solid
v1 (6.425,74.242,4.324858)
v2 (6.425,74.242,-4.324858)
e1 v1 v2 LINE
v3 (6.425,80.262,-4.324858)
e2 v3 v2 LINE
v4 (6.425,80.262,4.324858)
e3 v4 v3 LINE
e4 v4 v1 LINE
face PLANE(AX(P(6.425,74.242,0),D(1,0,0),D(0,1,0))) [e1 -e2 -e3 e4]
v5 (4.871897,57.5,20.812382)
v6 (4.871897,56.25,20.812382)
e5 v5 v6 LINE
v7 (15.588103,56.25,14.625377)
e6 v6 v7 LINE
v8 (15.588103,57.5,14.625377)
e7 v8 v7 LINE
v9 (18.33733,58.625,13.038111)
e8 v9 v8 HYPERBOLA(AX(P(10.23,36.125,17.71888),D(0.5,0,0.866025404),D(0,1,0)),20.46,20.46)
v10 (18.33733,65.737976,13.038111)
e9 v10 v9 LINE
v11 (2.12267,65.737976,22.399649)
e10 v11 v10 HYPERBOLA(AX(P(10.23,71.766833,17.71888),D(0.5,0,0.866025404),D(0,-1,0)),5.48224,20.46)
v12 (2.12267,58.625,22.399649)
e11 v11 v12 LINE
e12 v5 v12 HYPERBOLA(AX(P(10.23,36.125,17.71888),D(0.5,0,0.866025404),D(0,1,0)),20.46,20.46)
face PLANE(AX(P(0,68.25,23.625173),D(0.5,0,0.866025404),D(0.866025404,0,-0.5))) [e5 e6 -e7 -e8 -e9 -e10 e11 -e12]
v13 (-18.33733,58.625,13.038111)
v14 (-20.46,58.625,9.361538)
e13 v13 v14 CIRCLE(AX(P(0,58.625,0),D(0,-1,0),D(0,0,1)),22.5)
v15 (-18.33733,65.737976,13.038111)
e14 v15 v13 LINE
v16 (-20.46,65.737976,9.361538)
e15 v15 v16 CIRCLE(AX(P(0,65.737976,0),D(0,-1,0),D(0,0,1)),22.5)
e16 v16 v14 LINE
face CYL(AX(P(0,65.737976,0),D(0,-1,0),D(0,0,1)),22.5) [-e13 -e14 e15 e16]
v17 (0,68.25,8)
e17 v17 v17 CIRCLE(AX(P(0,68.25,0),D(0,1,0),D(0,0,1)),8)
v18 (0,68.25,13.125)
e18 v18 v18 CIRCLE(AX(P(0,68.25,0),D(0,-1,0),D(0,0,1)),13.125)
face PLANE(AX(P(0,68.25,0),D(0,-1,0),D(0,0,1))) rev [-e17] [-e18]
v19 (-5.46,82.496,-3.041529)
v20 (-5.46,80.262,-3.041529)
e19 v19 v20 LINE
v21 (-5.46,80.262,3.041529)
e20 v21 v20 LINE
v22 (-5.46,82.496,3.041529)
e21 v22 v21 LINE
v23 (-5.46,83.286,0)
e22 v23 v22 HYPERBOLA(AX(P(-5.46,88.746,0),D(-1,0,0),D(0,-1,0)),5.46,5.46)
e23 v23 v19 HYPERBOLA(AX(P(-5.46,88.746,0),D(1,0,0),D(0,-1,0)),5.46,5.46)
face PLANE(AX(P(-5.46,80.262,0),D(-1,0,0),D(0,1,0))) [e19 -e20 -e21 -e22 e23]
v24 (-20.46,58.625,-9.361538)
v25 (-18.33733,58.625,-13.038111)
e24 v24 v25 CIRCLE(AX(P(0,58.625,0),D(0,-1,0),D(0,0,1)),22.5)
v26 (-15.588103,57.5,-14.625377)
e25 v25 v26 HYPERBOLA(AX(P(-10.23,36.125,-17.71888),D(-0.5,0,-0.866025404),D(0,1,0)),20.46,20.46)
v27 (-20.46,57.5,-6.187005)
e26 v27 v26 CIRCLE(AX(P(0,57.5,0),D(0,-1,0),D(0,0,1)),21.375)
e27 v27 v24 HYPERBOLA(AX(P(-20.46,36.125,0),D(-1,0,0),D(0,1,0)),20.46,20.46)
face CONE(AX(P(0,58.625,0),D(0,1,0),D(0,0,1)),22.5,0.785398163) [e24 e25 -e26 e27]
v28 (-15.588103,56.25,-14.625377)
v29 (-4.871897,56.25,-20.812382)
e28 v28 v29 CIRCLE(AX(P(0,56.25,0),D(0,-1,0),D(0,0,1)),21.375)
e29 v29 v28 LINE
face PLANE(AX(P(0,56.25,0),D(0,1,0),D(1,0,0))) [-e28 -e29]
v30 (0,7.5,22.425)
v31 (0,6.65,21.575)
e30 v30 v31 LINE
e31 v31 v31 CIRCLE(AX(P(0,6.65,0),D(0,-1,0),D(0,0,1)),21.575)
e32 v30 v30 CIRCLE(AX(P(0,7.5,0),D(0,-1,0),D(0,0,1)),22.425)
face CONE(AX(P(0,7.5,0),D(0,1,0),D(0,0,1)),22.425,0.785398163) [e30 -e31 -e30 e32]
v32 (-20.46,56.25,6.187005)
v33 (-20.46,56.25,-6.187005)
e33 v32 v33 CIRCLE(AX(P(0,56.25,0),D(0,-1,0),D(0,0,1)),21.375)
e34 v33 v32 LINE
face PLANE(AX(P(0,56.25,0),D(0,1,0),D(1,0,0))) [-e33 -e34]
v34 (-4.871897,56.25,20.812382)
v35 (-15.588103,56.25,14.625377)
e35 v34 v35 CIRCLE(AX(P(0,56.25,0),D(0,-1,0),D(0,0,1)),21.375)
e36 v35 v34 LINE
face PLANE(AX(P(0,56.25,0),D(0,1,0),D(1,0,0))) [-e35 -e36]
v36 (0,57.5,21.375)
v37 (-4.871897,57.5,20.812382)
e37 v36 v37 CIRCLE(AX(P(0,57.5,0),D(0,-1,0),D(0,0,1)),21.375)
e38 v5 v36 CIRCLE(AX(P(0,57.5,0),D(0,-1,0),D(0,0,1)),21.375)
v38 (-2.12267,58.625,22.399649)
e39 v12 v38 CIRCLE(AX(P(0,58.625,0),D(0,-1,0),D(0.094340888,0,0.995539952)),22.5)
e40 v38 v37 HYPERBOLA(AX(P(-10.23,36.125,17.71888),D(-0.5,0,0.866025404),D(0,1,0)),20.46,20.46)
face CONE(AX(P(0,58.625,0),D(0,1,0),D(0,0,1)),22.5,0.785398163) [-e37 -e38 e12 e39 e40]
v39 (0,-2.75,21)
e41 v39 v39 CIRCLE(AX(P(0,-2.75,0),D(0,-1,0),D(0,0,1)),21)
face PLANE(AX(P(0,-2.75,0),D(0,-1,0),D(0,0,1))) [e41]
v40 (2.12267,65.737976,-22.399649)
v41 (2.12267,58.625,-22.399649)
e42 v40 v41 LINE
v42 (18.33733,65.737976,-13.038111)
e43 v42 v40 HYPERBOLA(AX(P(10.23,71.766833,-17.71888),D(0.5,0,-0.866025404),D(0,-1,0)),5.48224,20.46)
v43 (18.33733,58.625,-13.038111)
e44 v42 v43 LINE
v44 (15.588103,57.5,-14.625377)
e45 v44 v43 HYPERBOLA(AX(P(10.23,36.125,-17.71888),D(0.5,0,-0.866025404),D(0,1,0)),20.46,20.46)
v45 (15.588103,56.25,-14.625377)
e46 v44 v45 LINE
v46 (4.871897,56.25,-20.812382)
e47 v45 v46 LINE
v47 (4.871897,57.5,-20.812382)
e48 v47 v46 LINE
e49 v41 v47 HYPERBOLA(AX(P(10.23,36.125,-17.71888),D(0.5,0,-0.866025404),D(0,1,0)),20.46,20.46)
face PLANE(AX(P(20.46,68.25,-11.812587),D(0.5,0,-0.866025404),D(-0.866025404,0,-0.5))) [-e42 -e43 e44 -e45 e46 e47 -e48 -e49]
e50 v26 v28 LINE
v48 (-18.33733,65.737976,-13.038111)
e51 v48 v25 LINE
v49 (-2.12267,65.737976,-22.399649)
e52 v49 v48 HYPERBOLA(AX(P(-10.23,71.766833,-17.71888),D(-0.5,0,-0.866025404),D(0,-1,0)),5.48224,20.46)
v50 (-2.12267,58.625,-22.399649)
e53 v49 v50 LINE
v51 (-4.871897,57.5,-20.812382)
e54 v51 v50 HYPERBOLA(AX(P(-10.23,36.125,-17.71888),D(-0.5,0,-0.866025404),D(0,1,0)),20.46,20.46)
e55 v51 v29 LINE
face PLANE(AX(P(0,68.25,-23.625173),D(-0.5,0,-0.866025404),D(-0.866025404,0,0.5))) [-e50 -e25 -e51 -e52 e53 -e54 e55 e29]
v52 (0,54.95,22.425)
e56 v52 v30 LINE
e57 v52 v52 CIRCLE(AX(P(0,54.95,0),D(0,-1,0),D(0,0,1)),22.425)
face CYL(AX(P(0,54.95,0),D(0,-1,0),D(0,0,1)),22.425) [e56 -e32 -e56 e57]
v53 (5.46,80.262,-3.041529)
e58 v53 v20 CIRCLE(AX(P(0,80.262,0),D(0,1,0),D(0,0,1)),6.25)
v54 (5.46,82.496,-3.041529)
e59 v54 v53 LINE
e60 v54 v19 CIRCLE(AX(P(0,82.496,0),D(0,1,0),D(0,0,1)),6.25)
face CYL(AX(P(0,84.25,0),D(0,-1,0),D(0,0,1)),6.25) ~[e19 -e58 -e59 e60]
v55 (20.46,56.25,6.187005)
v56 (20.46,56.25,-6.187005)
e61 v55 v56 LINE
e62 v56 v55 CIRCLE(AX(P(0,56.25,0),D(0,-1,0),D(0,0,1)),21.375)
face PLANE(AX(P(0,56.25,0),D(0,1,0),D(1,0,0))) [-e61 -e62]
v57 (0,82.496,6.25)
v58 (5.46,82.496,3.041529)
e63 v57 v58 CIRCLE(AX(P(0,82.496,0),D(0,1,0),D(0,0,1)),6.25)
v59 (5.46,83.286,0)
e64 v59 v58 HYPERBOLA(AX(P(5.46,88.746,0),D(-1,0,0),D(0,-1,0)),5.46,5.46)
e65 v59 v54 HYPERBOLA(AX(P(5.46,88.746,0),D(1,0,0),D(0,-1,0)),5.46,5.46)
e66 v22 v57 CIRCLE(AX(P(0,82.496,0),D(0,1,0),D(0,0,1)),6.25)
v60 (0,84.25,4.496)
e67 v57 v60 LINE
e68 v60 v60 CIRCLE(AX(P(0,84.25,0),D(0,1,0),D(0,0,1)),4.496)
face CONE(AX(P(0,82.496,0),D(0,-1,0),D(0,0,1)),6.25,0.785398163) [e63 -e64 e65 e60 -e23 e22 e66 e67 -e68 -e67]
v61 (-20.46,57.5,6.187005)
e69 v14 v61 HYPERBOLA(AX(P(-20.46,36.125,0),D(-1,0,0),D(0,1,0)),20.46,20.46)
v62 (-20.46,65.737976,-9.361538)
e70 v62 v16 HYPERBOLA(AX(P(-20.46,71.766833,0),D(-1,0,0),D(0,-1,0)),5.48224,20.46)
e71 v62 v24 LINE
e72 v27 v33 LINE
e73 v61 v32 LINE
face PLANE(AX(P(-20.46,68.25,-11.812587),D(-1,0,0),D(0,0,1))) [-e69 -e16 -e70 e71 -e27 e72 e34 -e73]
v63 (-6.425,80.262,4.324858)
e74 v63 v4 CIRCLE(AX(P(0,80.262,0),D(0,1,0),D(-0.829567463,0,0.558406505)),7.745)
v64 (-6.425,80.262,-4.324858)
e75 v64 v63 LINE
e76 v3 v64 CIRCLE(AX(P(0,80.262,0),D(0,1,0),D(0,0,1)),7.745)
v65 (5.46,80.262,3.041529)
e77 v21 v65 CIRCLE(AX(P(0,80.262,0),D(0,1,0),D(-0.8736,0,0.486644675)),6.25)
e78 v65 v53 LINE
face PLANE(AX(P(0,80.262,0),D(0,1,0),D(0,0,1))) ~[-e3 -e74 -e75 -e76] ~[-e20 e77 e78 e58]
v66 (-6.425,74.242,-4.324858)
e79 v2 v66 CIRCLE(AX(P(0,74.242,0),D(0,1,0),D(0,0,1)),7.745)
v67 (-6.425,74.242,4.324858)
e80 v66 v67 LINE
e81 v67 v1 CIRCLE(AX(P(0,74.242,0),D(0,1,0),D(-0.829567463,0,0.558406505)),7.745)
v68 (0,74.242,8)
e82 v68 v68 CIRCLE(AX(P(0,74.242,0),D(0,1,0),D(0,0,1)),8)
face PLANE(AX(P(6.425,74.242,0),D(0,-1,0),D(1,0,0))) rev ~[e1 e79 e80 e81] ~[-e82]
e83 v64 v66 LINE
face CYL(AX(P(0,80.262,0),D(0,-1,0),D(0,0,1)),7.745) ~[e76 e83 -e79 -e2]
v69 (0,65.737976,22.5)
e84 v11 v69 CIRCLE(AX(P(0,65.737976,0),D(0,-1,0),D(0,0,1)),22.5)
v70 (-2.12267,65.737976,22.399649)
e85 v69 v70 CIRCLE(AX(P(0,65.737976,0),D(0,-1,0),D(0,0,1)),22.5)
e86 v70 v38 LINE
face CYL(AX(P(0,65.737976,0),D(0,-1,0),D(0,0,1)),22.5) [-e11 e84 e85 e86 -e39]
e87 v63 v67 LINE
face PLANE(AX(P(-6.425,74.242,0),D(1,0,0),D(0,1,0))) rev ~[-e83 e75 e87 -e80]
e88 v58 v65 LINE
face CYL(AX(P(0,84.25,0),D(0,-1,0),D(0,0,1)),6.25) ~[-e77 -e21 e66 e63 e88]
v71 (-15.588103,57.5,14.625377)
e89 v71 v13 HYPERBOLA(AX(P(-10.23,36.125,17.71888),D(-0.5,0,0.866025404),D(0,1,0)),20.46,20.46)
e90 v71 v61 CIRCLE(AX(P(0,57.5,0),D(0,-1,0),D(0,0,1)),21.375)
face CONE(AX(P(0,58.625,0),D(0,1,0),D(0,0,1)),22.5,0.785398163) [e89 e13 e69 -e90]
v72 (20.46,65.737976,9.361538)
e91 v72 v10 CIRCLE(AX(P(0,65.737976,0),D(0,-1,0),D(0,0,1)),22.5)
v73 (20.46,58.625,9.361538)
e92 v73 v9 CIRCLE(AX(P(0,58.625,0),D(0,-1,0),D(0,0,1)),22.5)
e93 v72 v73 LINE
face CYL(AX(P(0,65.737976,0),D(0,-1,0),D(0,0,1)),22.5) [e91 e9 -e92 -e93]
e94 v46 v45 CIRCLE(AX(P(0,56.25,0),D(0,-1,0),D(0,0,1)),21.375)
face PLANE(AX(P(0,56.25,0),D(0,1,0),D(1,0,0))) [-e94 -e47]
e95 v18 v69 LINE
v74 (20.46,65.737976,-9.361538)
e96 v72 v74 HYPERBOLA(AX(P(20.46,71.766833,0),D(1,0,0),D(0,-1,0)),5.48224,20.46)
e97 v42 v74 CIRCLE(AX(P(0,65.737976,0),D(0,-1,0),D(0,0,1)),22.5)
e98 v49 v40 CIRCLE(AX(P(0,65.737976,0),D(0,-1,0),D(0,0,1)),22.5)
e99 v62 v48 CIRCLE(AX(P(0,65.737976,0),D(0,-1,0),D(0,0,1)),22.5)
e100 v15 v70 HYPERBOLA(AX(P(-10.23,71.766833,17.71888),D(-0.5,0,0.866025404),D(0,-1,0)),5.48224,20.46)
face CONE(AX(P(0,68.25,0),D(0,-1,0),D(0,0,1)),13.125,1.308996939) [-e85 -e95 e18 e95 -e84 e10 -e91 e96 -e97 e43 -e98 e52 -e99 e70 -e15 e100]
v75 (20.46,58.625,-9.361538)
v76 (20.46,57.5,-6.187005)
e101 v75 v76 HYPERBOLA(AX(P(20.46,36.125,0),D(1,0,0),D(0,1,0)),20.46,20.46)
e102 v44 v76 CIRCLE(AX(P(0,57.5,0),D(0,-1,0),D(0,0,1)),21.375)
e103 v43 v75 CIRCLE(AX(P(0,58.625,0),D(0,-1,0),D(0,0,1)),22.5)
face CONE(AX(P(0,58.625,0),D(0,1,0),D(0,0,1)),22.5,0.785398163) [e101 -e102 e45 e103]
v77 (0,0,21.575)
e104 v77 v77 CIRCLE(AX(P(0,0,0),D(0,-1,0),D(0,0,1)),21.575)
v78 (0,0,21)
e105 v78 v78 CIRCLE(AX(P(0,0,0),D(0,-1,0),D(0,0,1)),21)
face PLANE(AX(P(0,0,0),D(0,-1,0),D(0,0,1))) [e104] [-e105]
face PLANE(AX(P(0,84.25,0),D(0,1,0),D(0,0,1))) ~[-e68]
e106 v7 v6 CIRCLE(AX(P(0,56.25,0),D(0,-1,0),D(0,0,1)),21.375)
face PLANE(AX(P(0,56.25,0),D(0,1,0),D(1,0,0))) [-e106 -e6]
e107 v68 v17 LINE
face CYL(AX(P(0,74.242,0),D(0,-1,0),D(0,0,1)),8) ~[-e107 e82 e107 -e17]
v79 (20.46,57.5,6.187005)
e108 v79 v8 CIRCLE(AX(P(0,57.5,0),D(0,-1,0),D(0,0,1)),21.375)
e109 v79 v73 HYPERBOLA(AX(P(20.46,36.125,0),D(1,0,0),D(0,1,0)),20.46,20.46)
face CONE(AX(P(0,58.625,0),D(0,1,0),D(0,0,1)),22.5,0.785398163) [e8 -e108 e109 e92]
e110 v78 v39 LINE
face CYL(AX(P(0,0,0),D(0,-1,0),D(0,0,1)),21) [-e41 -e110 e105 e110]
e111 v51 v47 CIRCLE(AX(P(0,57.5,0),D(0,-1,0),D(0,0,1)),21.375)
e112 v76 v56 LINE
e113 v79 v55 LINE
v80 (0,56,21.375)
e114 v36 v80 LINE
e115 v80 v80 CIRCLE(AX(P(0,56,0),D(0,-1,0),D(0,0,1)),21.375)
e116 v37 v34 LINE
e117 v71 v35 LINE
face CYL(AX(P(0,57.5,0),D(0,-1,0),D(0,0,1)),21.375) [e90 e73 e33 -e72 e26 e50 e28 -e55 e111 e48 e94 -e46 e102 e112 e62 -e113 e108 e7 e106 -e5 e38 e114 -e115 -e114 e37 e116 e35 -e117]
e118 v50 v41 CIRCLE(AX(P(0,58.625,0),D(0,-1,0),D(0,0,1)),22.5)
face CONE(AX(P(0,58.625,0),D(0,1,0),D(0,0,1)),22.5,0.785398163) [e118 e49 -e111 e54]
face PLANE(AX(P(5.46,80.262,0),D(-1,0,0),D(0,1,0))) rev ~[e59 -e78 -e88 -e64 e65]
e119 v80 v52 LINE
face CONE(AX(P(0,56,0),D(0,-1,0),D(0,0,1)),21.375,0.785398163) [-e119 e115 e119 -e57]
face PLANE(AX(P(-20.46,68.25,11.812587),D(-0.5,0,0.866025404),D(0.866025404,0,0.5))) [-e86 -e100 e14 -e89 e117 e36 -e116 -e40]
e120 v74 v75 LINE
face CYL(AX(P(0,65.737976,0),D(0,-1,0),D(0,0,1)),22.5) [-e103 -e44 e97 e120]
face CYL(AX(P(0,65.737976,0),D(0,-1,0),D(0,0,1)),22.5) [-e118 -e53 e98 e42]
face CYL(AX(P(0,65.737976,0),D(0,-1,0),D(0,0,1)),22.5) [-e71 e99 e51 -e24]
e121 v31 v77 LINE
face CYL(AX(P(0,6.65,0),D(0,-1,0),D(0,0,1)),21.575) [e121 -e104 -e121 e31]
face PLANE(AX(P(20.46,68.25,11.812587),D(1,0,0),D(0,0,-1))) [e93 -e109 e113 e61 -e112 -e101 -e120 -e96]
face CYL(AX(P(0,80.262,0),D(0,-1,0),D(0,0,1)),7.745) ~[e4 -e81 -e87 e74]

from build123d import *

# Parameters (mm, degrees)
SKETCH2_OUTSIDE_W       = 66.07
SKETCH2_OUTSIDE_H       = 66.07
CUT_EXTRUDE1_DEPTH      = 12
CHAMFER1_SIZE           = 1.754
SKETCH5_W               = 2.285
SKETCH5_H               = 3.988
CUT_EXTRUDE2_DEPTH      = 23.5
CUT_EXTRUDE2_DEPTH_BACK = 23.5
SKETCH6_W               = 1.575
SKETCH6_H               = 6.02
CUT_EXTRUDE3_DEPTH      = 23.5
CUT_EXTRUDE3_DEPTH_BACK = 23.5


with BuildPart() as part:
    # Sketch1 → Revolve1 (revolve)
    with BuildSketch(Plane.XY, mode=Mode.PRIVATE) as revolve1_sk:
        Polygon((-21.575, 0), (-21, 0), (-21, -2.75), (0, -2.75), (0, 68.25), (-13.125, 68.25), (-22.5, 65.737976321), (-22.5, 58.625), (-21.375, 57.5), (-21.375, 56), (-22.425, 54.95), (-22.425, 7.5), (-21.575, 6.65), align=None)
    revolve(revolve1_sk.sketch.rotate(Axis((0, 0, 0), (0, -1, 0)), 270), axis=Axis((0, 0, 0), (0, -1, 0)))  # turned: the seam where the file's is

    # Sketch2 outside → Cut-Extrude1 (cut)
    with BuildSketch(Plane(origin=(0, 68.25, 0), x_dir=(1, 0, 0), z_dir=(0, 1, 0))):
        Rectangle(SKETCH2_OUTSIDE_W, SKETCH2_OUTSIDE_H)
        Polygon((0, 23.625173015), (-20.46, 11.812586508), (-20.46, -11.812586508), (0, -23.625173015), (20.46, -11.812586508), (20.46, 11.812586508), align=None, mode=Mode.SUBTRACT)
    extrude(amount=-CUT_EXTRUDE1_DEPTH, mode=Mode.SUBTRACT)

    # Sketch4 → Revolve2 (revolve)
    with BuildSketch(Plane.XY, mode=Mode.PRIVATE) as revolve2_sk:
        Polygon((0, 84.25), (-6.25, 84.25), (-6.25, 80.262), (-7.745, 80.262), (-7.745, 74.242), (-8, 74.242), (-8, 68.25), (0, 68.25), align=None)
    revolve(revolve2_sk.sketch.rotate(Axis((0, 0, 0), (0, 1, 0)), 90), axis=Axis((0, 0, 0), (0, 1, 0)))  # turned: the seam where the file's is

    # Chamfer1
    chamfer1_edges = [part.edges().sort_by_distance(p)[0] for p in [
        (0, 84.25, -6.25),
    ]]
    chamfer(chamfer1_edges, length=CHAMFER1_SIZE)

    # Sketch5 → Cut-Extrude2 (cut, two sides)
    with BuildSketch(Plane.XY) as cut_extrude2_sk:
        with Locations((-6.6025, 82.256)):
            Rectangle(SKETCH5_W, SKETCH5_H)
        with Locations((6.6025, 82.256)):
            Rectangle(SKETCH5_W, SKETCH5_H)
    extrude(amount=CUT_EXTRUDE2_DEPTH, mode=Mode.SUBTRACT)
    extrude(cut_extrude2_sk.sketch, amount=-CUT_EXTRUDE2_DEPTH_BACK, mode=Mode.SUBTRACT)

    # Sketch6 → Cut-Extrude3 (cut, two sides)
    with BuildSketch(Plane.XY) as cut_extrude3_sk:
        with Locations((-7.2125, 77.252)):
            Rectangle(SKETCH6_W, SKETCH6_H)
        with Locations((7.2125, 77.252)):
            Rectangle(SKETCH6_W, SKETCH6_H)
    extrude(amount=CUT_EXTRUDE3_DEPTH, mode=Mode.SUBTRACT)
    extrude(cut_extrude3_sk.sketch, amount=-CUT_EXTRUDE3_DEPTH_BACK, mode=Mode.SUBTRACT)


solid = part.part
